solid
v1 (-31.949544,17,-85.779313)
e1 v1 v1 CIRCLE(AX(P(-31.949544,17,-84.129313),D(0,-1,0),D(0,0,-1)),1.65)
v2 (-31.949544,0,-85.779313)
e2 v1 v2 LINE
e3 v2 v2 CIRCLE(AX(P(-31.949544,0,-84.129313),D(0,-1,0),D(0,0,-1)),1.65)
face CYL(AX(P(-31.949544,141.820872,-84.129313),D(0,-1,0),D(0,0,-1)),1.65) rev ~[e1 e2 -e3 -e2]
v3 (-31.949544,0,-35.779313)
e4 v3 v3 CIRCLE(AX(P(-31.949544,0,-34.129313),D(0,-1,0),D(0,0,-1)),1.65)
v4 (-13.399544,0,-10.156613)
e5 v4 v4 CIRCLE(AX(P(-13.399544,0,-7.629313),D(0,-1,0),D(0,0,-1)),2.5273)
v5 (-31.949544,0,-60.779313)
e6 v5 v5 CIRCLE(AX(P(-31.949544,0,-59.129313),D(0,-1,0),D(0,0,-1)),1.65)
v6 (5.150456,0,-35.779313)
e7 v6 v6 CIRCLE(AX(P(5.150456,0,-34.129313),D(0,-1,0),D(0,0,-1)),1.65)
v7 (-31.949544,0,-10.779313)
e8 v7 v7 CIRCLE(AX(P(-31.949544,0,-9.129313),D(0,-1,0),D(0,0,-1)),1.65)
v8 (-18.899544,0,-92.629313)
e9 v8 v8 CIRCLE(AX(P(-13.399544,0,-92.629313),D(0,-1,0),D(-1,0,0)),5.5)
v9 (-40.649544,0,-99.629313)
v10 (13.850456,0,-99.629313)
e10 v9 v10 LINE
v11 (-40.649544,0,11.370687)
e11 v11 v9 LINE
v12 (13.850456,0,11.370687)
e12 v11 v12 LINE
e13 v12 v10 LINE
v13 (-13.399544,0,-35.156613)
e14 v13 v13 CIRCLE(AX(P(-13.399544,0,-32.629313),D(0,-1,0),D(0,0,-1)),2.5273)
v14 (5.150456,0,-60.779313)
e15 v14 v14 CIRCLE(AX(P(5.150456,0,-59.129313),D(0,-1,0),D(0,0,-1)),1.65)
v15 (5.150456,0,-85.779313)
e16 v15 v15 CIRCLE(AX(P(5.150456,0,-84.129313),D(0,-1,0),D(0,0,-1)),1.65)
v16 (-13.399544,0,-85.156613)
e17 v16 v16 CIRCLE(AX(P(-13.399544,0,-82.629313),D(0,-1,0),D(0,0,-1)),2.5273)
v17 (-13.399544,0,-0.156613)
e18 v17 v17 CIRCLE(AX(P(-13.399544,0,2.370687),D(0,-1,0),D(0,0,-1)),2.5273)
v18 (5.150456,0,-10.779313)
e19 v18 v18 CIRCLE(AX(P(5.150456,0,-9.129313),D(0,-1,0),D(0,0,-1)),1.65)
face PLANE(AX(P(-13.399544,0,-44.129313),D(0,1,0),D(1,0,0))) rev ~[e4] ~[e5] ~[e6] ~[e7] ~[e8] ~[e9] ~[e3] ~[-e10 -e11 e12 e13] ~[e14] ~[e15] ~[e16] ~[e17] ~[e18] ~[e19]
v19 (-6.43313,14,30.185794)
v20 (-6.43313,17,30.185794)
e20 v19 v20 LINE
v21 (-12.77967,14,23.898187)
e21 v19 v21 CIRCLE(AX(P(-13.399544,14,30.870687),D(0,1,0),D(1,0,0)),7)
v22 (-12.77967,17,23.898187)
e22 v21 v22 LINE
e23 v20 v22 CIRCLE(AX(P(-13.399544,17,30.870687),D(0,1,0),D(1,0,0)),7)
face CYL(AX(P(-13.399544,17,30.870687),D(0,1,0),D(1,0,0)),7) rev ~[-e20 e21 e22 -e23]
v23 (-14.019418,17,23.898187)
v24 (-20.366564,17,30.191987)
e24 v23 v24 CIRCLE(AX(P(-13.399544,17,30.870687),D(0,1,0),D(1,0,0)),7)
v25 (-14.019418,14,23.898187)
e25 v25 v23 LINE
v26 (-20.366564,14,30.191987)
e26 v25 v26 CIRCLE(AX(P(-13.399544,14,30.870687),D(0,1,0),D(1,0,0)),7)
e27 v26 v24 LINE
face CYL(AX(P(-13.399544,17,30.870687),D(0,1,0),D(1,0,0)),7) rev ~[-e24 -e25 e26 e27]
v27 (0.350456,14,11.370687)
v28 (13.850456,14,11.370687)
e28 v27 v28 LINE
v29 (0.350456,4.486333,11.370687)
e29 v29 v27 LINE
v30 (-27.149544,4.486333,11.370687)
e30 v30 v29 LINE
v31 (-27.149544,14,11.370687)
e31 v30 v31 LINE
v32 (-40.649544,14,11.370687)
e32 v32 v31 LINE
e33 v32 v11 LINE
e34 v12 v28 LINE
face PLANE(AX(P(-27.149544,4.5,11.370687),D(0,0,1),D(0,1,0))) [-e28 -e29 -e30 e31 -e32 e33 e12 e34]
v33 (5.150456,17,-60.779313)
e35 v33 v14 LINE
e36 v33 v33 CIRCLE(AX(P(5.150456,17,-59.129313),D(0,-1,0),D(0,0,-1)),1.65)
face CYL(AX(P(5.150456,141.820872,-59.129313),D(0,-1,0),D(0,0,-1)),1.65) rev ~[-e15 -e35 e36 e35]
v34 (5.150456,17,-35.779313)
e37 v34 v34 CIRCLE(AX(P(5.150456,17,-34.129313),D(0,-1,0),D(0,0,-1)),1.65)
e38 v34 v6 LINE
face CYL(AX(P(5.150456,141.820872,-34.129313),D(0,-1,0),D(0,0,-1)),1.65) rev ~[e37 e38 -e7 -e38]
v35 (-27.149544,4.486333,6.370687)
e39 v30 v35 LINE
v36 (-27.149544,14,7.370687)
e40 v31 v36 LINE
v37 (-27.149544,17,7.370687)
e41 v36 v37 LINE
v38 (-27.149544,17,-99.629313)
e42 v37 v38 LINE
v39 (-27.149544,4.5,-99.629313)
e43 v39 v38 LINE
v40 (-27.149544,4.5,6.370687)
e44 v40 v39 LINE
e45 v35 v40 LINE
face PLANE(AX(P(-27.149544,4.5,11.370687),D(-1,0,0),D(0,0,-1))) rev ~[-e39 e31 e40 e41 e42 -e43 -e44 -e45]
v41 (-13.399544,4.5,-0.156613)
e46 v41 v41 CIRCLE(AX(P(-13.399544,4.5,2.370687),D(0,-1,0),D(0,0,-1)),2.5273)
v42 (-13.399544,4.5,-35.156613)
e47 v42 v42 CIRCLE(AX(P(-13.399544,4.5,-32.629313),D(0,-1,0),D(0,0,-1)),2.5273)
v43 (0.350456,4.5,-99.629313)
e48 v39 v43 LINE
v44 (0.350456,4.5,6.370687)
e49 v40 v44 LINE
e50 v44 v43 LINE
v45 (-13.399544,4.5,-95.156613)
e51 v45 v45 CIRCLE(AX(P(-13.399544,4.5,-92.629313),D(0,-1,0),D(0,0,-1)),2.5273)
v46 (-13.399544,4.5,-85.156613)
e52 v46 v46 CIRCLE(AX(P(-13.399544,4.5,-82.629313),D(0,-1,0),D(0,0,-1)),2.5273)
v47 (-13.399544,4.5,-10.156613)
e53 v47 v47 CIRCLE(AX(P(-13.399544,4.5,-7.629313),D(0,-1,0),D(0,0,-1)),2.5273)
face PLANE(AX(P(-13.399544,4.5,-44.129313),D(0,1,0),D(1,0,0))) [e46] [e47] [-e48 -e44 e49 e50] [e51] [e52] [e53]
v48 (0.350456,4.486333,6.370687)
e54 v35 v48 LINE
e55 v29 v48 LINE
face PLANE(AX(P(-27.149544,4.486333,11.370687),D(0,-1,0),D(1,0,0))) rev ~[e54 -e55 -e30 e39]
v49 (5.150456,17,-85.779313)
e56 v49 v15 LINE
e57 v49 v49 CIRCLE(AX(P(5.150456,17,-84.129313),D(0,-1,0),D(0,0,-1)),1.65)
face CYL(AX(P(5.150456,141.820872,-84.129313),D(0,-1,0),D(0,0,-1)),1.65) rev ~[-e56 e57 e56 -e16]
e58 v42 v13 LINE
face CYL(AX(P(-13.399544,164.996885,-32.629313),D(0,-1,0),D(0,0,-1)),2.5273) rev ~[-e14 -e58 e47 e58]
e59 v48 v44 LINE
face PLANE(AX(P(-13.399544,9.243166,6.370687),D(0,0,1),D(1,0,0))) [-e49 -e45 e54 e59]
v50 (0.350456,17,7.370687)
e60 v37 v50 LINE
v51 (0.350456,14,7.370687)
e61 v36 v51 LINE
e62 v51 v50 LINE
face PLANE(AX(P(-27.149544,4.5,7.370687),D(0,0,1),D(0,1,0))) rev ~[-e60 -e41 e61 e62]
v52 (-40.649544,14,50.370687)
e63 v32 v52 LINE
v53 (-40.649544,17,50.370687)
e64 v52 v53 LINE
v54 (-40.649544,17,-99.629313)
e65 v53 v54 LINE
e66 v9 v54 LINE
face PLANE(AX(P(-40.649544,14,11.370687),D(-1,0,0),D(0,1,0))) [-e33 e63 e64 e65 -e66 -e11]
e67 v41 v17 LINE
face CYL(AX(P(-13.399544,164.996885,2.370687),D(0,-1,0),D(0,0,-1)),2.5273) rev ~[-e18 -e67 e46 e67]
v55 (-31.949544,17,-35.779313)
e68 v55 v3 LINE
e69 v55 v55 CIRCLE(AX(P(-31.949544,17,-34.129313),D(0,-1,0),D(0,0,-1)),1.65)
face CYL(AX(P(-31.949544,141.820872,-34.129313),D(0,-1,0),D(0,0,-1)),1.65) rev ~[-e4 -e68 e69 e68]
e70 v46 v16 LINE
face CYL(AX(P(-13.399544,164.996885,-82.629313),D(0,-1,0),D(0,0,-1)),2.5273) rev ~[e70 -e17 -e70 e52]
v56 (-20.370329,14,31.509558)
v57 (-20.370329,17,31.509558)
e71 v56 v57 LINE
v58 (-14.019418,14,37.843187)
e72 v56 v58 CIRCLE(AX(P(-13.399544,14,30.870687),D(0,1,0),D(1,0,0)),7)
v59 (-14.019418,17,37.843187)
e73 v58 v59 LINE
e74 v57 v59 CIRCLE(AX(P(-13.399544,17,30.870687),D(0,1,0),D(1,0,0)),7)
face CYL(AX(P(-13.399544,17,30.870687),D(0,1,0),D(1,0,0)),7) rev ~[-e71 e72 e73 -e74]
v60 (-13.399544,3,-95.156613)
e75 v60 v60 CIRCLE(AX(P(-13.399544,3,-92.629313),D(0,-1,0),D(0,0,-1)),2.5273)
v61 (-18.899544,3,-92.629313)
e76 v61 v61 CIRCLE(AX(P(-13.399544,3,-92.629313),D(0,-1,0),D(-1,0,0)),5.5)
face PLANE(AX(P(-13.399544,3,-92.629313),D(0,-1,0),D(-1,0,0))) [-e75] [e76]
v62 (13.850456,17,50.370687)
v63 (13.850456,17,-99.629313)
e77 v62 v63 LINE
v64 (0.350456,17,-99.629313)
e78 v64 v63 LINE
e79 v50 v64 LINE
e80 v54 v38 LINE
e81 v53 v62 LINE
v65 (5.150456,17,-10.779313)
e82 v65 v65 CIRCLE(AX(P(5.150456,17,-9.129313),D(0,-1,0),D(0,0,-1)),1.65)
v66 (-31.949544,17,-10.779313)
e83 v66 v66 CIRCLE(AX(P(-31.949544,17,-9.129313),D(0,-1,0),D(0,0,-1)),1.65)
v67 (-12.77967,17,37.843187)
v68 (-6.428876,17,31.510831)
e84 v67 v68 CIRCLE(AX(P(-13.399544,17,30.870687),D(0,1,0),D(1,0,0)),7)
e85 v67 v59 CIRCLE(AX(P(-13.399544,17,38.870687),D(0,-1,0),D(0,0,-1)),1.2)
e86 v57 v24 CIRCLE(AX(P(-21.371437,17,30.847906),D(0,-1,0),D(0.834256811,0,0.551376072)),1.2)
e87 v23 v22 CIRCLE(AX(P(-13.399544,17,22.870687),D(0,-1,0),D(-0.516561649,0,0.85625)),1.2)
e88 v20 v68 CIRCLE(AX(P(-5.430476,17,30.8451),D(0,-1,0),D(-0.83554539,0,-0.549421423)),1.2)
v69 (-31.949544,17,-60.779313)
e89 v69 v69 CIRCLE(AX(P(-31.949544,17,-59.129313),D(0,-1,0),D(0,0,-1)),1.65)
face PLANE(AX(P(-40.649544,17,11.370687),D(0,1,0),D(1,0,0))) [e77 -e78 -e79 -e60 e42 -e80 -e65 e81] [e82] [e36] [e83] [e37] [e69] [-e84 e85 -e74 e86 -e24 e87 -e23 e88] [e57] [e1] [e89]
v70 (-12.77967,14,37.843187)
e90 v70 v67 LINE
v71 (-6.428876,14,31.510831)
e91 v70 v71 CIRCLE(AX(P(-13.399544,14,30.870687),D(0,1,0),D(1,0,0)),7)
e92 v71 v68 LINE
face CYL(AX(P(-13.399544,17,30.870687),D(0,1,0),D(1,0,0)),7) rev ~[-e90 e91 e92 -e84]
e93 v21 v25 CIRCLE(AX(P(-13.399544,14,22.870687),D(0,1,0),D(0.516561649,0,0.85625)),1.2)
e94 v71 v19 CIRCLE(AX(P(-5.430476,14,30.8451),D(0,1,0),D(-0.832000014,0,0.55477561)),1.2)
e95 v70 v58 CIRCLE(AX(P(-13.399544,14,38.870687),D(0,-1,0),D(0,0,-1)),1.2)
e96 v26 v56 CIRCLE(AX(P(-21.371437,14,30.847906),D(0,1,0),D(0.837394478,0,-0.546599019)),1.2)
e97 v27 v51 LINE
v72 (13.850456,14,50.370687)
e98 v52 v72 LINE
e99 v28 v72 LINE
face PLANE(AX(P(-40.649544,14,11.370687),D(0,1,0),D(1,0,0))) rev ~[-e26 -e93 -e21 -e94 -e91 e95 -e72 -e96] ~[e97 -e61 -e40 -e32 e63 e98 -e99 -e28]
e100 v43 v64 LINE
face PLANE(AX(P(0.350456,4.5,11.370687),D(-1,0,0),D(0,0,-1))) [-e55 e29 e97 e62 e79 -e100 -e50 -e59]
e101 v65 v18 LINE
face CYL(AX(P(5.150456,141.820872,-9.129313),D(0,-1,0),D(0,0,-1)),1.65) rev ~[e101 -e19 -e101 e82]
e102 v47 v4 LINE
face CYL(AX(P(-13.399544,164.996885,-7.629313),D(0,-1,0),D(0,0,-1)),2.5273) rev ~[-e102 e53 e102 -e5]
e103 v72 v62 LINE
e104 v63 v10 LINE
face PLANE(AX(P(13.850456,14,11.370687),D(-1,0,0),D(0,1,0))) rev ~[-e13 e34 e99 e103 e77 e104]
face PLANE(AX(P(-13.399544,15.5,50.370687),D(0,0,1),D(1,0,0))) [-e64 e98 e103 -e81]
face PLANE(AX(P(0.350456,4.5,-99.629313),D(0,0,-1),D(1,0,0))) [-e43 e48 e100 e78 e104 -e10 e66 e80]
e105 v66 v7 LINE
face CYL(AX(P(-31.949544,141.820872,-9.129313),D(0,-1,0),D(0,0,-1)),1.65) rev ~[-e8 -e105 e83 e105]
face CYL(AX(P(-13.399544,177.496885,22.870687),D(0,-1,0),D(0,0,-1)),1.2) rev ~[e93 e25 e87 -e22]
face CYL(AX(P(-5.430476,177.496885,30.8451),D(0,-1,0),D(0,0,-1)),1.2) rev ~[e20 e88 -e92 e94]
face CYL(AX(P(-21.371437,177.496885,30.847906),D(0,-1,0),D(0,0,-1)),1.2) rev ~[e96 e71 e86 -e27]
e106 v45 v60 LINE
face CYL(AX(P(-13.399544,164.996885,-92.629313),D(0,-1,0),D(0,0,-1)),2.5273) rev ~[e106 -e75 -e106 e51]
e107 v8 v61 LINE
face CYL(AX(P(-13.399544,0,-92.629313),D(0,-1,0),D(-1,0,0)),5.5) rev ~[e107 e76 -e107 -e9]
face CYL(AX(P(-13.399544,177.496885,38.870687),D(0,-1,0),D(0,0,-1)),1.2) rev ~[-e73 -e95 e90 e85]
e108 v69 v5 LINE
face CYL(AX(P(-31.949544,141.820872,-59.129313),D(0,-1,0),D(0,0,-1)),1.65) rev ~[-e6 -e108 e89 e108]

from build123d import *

# Parameters (mm, degrees)
SKETCH1_W                  = 54.5
SKETCH1_H                  = 111
BOSS_EXTRUDE1_DEPTH        = 4.5
SKETCH2_W                  = 13.5
SKETCH2_H                  = 111
BOSS_EXTRUDE2_DEPTH        = 12.5
M4X0_7_TAPPED_HOLE1_D      = 3.3
SKETCH6_W                  = 4
SKETCH6_H                  = 12.5
BOSS_EXTRUDE3_DEPTH        = 37
SKETCH7_W                  = 54.5
SKETCH7_H                  = 3
BOSS_EXTRUDE5_DEPTH        = 39
SKETCH8_R                  = 7
CUT_EXTRUDE1_DEPTH         = 3
M2_CLEARANCE_HOLE1_D       = 2.4
F_8_0_199_DIAMETER_HOLE1_D = 5.0546
SKETCH12_R                 = 5.5
CUT_EXTRUDE3_DEPTH         = 3
SKETCH13_W                 = 27.5
SKETCH13_H                 = 9.513667368
CUT_EXTRUDE4_DEPTH         = 5


with BuildPart() as part:
    # Sketch1 → Boss-Extrude1 (new body)
    with BuildSketch(Plane(origin=(0, 0, 0), x_dir=(1, 0, 0), z_dir=(0, 1, 0))):
        with Locations((-13.399543841, 44.129312584)):
            Rectangle(SKETCH1_W, SKETCH1_H)
    extrude(amount=BOSS_EXTRUDE1_DEPTH)

    # Sketch2 → Boss-Extrude2 (add)
    with BuildSketch(Plane(origin=(0, 4.5, 0), x_dir=(1, 0, 0), z_dir=(0, 1, 0))):
        with Locations((7.100456159, 44.129312584)):
            Rectangle(SKETCH2_W, SKETCH2_H)
        with Locations((-33.899543841, 44.129312584)):
            Rectangle(SKETCH2_W, SKETCH2_H)
    extrude(amount=BOSS_EXTRUDE2_DEPTH)

    # M4x0.7 Tapped Hole1 (through all)
    with Locations(Plane(origin=(-31.949543841, 17, -9.129312584), x_dir=(0, 0, 1), z_dir=(0, 1, 0))):
        with Locations((0, 0), (-25, 0), (-50, 0), (-75, 0), (0, 37.1), (-25, 37.1), (-50, 37.1), (-75, 37.1)):
            Hole(M4X0_7_TAPPED_HOLE1_D / 2)

    # Sketch6 → Boss-Extrude3 (add)
    with BuildSketch(Plane(origin=(-27.149543841, 0, 0), x_dir=(0, 0, -1), z_dir=(1, 0, 0))):
        with Locations((-9.370687416, 10.75)):
            Rectangle(SKETCH6_W, SKETCH6_H)
    extrude(amount=BOSS_EXTRUDE3_DEPTH)

    # Sketch7 → Boss-Extrude5 (add)
    with BuildSketch(Plane.XY.offset(11.370687416)):
        with Locations((-13.399543841, 15.5)):
            Rectangle(SKETCH7_W, SKETCH7_H)
    extrude(amount=BOSS_EXTRUDE5_DEPTH)

    # Sketch8 → Cut-Extrude1 (cut)
    with BuildSketch(Plane(origin=(0, 17, 0), x_dir=(1, 0, 0), z_dir=(0, 1, 0))):
        with Locations((-13.399543841, -30.870687416)):
            Circle(SKETCH8_R)
    extrude(amount=-CUT_EXTRUDE1_DEPTH, mode=Mode.SUBTRACT)

    # M2 Clearance Hole1 (through all)
    with Locations(Plane(origin=(-21.371437118, 17, 30.847906254), x_dir=(0, 0, 1), z_dir=(0, 1, 0))):
        with Locations((0, 0), (-7.977218838, 7.971893277), (8.022781162, 7.971893277), (-0.002806072, 15.940961576)):
            Hole(M2_CLEARANCE_HOLE1_D / 2)

    # #8 (0.199) Diameter Hole1 (through all)
    with Locations(Plane(origin=(-13.399543841, 4.5, 2.370687416), x_dir=(0, 0, 1), z_dir=(0, 1, 0))):
        with Locations((0, 0), (-10, 0), (-35, 0), (-85, 0), (-95, 0)):
            Hole(F_8_0_199_DIAMETER_HOLE1_D / 2)

    # Sketch12 → Cut-Extrude3 (cut)
    with BuildSketch(Plane(origin=(0, 0, 0), x_dir=(-1, 0, 0), z_dir=(0, -1, 0))):
        with Locations((13.399543841, 92.629312584)):
            Circle(SKETCH12_R)
    extrude(amount=-CUT_EXTRUDE3_DEPTH, mode=Mode.SUBTRACT)

    # Sketch13 → Cut-Extrude4 (cut)
    with BuildSketch(Plane.XY.offset(11.370687416)):
        with Locations((-13.399543841, 9.243166316)):
            Rectangle(SKETCH13_W, SKETCH13_H)
    extrude(amount=-CUT_EXTRUDE4_DEPTH, mode=Mode.SUBTRACT)


solid = part.part
